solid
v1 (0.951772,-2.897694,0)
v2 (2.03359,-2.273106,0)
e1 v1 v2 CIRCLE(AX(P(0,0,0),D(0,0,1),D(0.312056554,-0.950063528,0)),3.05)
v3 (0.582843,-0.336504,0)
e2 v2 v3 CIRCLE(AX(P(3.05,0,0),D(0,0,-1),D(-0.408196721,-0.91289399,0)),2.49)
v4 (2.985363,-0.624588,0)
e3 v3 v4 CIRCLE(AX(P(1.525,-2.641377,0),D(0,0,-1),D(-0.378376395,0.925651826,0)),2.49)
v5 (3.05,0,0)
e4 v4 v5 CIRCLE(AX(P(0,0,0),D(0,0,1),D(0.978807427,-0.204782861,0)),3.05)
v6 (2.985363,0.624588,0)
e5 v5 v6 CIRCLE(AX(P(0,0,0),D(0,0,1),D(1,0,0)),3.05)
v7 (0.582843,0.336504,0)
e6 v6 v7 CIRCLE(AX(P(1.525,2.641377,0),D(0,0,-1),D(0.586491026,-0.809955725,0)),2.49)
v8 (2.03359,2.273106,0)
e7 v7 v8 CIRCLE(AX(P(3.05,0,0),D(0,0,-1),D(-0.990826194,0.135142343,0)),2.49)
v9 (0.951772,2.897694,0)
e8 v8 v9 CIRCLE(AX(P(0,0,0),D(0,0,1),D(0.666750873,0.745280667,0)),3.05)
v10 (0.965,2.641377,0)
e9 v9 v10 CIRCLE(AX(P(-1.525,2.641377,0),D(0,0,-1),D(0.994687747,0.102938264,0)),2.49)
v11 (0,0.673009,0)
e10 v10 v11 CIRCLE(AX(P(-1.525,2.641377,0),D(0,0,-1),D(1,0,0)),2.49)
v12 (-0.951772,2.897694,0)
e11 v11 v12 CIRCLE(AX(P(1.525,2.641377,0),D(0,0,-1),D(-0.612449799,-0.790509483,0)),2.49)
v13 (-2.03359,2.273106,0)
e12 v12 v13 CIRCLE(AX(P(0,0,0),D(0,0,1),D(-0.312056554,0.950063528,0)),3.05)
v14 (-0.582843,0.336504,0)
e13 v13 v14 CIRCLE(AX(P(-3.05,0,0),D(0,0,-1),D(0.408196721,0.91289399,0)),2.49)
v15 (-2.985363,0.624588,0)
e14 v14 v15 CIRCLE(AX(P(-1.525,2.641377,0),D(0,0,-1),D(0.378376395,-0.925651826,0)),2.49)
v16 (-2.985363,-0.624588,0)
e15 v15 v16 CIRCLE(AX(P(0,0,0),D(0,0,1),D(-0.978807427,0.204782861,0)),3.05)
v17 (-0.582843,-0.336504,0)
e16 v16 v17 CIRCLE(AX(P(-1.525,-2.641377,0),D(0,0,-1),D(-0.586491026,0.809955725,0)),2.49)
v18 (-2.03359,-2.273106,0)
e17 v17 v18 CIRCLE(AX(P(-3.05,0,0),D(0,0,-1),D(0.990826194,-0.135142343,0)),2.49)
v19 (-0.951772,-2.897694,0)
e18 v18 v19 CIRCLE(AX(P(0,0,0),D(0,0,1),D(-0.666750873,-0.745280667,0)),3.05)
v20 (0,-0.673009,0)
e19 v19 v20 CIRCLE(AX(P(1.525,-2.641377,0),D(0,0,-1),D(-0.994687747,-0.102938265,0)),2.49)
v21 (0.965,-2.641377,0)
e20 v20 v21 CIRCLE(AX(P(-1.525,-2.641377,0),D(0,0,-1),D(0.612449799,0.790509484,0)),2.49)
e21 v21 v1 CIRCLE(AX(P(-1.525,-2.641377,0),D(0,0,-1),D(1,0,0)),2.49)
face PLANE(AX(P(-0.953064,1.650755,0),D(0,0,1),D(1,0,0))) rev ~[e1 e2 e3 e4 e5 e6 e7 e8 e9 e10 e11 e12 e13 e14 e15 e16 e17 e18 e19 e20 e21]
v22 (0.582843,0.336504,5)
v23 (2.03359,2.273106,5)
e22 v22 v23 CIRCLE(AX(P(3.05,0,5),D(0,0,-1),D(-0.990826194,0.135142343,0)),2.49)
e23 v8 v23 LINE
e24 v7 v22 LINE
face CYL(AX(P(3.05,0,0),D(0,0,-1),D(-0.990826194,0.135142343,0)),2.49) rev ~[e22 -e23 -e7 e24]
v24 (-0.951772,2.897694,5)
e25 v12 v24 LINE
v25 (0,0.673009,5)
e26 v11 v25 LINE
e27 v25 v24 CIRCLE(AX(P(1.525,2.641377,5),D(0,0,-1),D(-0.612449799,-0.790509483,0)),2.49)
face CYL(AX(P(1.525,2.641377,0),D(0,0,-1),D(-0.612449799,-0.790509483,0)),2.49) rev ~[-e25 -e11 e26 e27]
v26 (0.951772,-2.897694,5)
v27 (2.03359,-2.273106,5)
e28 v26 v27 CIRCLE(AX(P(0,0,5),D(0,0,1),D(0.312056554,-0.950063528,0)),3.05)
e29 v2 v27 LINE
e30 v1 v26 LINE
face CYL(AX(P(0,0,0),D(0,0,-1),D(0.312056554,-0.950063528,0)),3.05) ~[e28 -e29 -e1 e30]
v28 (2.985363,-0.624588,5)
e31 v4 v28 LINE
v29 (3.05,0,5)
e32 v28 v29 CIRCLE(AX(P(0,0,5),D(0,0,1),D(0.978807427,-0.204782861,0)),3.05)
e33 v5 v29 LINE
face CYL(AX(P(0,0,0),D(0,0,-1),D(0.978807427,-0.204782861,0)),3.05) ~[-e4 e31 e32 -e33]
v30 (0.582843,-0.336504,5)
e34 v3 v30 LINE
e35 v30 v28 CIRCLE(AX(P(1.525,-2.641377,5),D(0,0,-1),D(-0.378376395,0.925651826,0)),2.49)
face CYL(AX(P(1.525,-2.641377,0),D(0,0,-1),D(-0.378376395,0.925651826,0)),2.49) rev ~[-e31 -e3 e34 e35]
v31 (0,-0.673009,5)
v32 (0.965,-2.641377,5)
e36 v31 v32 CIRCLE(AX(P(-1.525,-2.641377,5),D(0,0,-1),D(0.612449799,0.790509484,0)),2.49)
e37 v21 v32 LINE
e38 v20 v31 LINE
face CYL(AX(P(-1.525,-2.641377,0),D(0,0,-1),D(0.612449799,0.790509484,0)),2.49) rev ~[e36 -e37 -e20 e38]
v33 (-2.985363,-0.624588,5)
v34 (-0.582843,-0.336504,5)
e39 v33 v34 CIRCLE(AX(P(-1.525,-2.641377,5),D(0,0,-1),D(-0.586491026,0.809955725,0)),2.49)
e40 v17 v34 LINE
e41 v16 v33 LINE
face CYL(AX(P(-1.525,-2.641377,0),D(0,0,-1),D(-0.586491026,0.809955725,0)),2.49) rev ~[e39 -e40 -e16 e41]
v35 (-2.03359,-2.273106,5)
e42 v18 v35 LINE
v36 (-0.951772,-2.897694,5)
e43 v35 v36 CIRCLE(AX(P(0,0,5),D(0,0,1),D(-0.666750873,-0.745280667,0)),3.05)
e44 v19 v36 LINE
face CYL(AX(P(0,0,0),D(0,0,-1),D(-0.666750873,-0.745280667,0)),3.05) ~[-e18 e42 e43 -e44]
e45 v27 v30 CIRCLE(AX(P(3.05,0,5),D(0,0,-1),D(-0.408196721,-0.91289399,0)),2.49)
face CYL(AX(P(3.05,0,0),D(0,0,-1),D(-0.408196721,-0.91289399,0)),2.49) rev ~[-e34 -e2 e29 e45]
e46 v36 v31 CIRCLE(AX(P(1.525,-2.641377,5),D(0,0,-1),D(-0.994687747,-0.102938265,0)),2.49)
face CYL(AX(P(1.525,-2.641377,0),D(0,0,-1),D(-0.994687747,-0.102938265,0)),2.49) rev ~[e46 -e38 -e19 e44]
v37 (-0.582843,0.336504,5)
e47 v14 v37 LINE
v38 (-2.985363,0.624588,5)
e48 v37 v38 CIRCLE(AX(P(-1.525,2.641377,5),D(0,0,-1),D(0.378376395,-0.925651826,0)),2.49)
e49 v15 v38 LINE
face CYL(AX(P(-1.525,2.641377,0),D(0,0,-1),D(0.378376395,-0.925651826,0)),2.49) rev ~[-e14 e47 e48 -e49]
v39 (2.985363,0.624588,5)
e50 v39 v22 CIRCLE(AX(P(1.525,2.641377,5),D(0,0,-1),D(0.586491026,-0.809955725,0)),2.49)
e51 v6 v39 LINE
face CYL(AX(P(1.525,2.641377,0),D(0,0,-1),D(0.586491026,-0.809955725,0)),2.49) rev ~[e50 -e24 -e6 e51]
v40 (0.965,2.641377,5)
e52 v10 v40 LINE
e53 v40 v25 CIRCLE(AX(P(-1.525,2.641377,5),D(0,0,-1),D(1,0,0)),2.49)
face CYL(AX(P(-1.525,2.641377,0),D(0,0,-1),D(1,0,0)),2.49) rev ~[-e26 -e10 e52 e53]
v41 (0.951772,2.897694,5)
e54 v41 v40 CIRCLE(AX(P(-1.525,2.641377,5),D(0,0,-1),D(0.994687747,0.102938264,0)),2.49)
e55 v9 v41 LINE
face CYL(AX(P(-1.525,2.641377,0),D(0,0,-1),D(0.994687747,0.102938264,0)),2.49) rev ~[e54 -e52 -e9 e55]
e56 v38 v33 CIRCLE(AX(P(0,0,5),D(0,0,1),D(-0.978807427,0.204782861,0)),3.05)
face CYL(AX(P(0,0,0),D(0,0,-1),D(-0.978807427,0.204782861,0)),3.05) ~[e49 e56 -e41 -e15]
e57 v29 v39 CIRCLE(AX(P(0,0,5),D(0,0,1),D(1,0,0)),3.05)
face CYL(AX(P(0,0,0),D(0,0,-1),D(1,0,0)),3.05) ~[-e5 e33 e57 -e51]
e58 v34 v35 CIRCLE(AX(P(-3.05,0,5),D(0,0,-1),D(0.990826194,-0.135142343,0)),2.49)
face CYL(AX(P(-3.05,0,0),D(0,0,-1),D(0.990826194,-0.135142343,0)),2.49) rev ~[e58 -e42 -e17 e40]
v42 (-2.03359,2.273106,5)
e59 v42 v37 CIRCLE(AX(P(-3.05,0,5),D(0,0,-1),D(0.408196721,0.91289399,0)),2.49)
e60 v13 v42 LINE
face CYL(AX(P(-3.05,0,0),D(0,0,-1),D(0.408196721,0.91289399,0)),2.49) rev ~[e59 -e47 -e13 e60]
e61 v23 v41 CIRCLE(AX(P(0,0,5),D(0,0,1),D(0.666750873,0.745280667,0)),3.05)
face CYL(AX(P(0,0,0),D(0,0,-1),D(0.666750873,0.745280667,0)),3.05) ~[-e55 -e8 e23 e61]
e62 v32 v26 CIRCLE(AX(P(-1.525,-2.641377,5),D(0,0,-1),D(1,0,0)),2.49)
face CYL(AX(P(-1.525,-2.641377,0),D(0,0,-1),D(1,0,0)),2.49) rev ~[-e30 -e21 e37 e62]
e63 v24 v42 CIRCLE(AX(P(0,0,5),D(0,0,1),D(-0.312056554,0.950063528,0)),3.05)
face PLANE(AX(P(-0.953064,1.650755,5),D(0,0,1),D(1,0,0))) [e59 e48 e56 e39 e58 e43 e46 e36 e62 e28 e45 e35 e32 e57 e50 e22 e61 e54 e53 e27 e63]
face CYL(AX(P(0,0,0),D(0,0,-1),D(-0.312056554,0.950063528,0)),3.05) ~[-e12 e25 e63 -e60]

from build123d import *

# Parameters (mm, degrees)
F1_DEPTH = 5


with BuildPart() as f1:
    # F0 (on Top) → F1 (new body)
    with BuildSketch(Plane.XY):
        with BuildLine():
            ThreePointArc((-0.5828427764, 0.3365044338), (-0.28, 0.4849742261), (0, 0.6730088677))
            ThreePointArc((0, 0.6730088677), (-0.7642906068, 1.6619651488), (-0.9517724896, 2.8976937602))
            ThreePointArc((-0.9517724896, 2.8976937602), (-1.525, 2.6413774815), (-2.0335901639, 2.2731060347))
            ThreePointArc((-2.0335901639, 2.2731060347), (-1.0571587356, 1.4928776558), (-0.5828427764, 0.3365044338))
        make_face()
        with BuildLine():
            ThreePointArc((-0.56, 0), (-0.5657172578, 0.1686394278), (-0.5828427764, 0.3365044338))
            ThreePointArc((-0.5828427764, 0.3365044338), (-1.8214493424, 0.169087493), (-2.9853626535, 0.6245877255))
            ThreePointArc((-2.9853626535, 0.6245877255), (-3.05, 0), (-2.9853626535, -0.6245877255))
            ThreePointArc((-2.9853626535, -0.6245877255), (-1.8214493424, -0.169087493), (-0.5828427764, -0.3365044338))
            ThreePointArc((-0.5828427764, -0.3365044338), (-0.5657172578, -0.1686394278), (-0.56, 0))
        make_face()
        with BuildLine():
            ThreePointArc((0.5828427764, -0.3365044338), (0.56, 0), (0.5828427764, 0.3365044338))
            ThreePointArc((0.5828427764, 0.3365044338), (0.28, 0.4849742261), (0, 0.6730088677))
            ThreePointArc((0, 0.6730088677), (-0.28, 0.4849742261), (-0.5828427764, 0.3365044338))
            ThreePointArc((-0.5828427764, 0.3365044338), (-0.5657172578, 0.1686394278), (-0.56, 0))
            ThreePointArc((-0.56, 0), (-0.5657172578, -0.1686394278), (-0.5828427764, -0.3365044338))
            ThreePointArc((-0.5828427764, -0.3365044338), (-0.28, -0.4849742261), (0, -0.6730088677))
            ThreePointArc((0, -0.6730088677), (0.28, -0.4849742261), (0.5828427764, -0.3365044338))
        make_face()
        with BuildLine():
            ThreePointArc((0.5828427764, 0.3365044338), (1.0571587356, 1.4928776558), (2.0335901639, 2.2731060347))
            ThreePointArc((2.0335901639, 2.2731060347), (1.525, 2.6413774815), (0.9517724896, 2.8976937602))
            ThreePointArc((0.9517724896, 2.8976937602), (0.9616909236, 2.7697061628), (0.965, 2.6413774815))
            ThreePointArc((0.965, 2.6413774815), (0.7107716789, 1.545282139), (0, 0.6730088677))
            ThreePointArc((0, 0.6730088677), (0.28, 0.4849742261), (0.5828427764, 0.3365044338))
        make_face()
        with BuildLine():
            ThreePointArc((2.9853626535, -0.6245877255), (3.0337976278, -0.3139617068), (3.05, 0))
            ThreePointArc((3.05, 0), (3.0337976278, 0.3139617068), (2.9853626535, 0.6245877255))
            ThreePointArc((2.9853626535, 0.6245877255), (1.8214493424, 0.169087493), (0.5828427764, 0.3365044338))
            ThreePointArc((0.5828427764, 0.3365044338), (0.56, 0), (0.5828427764, -0.3365044338))
            ThreePointArc((0.5828427764, -0.3365044338), (1.8214493424, -0.169087493), (2.9853626535, -0.6245877255))
        make_face()
        with BuildLine():
            ThreePointArc((0.9517724896, -2.8976937602), (1.525, -2.6413774815), (2.0335901639, -2.2731060347))
            ThreePointArc((2.0335901639, -2.2731060347), (1.0571587356, -1.4928776558), (0.5828427764, -0.3365044338))
            ThreePointArc((0.5828427764, -0.3365044338), (0.28, -0.4849742261), (0, -0.6730088677))
            ThreePointArc((0, -0.6730088677), (0.7107716789, -1.545282139), (0.965, -2.6413774815))
            ThreePointArc((0.965, -2.6413774815), (0.9616909236, -2.7697061628), (0.9517724896, -2.8976937602))
        make_face()
        with BuildLine():
            ThreePointArc((-0.9517724896, -2.8976937602), (-0.7642906068, -1.6619651488), (0, -0.6730088677))
            ThreePointArc((0, -0.6730088677), (-0.28, -0.4849742261), (-0.5828427764, -0.3365044338))
            ThreePointArc((-0.5828427764, -0.3365044338), (-1.0571587356, -1.4928776558), (-2.0335901639, -2.2731060347))
            ThreePointArc((-2.0335901639, -2.2731060347), (-1.525, -2.6413774815), (-0.9517724896, -2.8976937602))
        make_face()
    extrude(amount=F1_DEPTH)


solid = f1.part
